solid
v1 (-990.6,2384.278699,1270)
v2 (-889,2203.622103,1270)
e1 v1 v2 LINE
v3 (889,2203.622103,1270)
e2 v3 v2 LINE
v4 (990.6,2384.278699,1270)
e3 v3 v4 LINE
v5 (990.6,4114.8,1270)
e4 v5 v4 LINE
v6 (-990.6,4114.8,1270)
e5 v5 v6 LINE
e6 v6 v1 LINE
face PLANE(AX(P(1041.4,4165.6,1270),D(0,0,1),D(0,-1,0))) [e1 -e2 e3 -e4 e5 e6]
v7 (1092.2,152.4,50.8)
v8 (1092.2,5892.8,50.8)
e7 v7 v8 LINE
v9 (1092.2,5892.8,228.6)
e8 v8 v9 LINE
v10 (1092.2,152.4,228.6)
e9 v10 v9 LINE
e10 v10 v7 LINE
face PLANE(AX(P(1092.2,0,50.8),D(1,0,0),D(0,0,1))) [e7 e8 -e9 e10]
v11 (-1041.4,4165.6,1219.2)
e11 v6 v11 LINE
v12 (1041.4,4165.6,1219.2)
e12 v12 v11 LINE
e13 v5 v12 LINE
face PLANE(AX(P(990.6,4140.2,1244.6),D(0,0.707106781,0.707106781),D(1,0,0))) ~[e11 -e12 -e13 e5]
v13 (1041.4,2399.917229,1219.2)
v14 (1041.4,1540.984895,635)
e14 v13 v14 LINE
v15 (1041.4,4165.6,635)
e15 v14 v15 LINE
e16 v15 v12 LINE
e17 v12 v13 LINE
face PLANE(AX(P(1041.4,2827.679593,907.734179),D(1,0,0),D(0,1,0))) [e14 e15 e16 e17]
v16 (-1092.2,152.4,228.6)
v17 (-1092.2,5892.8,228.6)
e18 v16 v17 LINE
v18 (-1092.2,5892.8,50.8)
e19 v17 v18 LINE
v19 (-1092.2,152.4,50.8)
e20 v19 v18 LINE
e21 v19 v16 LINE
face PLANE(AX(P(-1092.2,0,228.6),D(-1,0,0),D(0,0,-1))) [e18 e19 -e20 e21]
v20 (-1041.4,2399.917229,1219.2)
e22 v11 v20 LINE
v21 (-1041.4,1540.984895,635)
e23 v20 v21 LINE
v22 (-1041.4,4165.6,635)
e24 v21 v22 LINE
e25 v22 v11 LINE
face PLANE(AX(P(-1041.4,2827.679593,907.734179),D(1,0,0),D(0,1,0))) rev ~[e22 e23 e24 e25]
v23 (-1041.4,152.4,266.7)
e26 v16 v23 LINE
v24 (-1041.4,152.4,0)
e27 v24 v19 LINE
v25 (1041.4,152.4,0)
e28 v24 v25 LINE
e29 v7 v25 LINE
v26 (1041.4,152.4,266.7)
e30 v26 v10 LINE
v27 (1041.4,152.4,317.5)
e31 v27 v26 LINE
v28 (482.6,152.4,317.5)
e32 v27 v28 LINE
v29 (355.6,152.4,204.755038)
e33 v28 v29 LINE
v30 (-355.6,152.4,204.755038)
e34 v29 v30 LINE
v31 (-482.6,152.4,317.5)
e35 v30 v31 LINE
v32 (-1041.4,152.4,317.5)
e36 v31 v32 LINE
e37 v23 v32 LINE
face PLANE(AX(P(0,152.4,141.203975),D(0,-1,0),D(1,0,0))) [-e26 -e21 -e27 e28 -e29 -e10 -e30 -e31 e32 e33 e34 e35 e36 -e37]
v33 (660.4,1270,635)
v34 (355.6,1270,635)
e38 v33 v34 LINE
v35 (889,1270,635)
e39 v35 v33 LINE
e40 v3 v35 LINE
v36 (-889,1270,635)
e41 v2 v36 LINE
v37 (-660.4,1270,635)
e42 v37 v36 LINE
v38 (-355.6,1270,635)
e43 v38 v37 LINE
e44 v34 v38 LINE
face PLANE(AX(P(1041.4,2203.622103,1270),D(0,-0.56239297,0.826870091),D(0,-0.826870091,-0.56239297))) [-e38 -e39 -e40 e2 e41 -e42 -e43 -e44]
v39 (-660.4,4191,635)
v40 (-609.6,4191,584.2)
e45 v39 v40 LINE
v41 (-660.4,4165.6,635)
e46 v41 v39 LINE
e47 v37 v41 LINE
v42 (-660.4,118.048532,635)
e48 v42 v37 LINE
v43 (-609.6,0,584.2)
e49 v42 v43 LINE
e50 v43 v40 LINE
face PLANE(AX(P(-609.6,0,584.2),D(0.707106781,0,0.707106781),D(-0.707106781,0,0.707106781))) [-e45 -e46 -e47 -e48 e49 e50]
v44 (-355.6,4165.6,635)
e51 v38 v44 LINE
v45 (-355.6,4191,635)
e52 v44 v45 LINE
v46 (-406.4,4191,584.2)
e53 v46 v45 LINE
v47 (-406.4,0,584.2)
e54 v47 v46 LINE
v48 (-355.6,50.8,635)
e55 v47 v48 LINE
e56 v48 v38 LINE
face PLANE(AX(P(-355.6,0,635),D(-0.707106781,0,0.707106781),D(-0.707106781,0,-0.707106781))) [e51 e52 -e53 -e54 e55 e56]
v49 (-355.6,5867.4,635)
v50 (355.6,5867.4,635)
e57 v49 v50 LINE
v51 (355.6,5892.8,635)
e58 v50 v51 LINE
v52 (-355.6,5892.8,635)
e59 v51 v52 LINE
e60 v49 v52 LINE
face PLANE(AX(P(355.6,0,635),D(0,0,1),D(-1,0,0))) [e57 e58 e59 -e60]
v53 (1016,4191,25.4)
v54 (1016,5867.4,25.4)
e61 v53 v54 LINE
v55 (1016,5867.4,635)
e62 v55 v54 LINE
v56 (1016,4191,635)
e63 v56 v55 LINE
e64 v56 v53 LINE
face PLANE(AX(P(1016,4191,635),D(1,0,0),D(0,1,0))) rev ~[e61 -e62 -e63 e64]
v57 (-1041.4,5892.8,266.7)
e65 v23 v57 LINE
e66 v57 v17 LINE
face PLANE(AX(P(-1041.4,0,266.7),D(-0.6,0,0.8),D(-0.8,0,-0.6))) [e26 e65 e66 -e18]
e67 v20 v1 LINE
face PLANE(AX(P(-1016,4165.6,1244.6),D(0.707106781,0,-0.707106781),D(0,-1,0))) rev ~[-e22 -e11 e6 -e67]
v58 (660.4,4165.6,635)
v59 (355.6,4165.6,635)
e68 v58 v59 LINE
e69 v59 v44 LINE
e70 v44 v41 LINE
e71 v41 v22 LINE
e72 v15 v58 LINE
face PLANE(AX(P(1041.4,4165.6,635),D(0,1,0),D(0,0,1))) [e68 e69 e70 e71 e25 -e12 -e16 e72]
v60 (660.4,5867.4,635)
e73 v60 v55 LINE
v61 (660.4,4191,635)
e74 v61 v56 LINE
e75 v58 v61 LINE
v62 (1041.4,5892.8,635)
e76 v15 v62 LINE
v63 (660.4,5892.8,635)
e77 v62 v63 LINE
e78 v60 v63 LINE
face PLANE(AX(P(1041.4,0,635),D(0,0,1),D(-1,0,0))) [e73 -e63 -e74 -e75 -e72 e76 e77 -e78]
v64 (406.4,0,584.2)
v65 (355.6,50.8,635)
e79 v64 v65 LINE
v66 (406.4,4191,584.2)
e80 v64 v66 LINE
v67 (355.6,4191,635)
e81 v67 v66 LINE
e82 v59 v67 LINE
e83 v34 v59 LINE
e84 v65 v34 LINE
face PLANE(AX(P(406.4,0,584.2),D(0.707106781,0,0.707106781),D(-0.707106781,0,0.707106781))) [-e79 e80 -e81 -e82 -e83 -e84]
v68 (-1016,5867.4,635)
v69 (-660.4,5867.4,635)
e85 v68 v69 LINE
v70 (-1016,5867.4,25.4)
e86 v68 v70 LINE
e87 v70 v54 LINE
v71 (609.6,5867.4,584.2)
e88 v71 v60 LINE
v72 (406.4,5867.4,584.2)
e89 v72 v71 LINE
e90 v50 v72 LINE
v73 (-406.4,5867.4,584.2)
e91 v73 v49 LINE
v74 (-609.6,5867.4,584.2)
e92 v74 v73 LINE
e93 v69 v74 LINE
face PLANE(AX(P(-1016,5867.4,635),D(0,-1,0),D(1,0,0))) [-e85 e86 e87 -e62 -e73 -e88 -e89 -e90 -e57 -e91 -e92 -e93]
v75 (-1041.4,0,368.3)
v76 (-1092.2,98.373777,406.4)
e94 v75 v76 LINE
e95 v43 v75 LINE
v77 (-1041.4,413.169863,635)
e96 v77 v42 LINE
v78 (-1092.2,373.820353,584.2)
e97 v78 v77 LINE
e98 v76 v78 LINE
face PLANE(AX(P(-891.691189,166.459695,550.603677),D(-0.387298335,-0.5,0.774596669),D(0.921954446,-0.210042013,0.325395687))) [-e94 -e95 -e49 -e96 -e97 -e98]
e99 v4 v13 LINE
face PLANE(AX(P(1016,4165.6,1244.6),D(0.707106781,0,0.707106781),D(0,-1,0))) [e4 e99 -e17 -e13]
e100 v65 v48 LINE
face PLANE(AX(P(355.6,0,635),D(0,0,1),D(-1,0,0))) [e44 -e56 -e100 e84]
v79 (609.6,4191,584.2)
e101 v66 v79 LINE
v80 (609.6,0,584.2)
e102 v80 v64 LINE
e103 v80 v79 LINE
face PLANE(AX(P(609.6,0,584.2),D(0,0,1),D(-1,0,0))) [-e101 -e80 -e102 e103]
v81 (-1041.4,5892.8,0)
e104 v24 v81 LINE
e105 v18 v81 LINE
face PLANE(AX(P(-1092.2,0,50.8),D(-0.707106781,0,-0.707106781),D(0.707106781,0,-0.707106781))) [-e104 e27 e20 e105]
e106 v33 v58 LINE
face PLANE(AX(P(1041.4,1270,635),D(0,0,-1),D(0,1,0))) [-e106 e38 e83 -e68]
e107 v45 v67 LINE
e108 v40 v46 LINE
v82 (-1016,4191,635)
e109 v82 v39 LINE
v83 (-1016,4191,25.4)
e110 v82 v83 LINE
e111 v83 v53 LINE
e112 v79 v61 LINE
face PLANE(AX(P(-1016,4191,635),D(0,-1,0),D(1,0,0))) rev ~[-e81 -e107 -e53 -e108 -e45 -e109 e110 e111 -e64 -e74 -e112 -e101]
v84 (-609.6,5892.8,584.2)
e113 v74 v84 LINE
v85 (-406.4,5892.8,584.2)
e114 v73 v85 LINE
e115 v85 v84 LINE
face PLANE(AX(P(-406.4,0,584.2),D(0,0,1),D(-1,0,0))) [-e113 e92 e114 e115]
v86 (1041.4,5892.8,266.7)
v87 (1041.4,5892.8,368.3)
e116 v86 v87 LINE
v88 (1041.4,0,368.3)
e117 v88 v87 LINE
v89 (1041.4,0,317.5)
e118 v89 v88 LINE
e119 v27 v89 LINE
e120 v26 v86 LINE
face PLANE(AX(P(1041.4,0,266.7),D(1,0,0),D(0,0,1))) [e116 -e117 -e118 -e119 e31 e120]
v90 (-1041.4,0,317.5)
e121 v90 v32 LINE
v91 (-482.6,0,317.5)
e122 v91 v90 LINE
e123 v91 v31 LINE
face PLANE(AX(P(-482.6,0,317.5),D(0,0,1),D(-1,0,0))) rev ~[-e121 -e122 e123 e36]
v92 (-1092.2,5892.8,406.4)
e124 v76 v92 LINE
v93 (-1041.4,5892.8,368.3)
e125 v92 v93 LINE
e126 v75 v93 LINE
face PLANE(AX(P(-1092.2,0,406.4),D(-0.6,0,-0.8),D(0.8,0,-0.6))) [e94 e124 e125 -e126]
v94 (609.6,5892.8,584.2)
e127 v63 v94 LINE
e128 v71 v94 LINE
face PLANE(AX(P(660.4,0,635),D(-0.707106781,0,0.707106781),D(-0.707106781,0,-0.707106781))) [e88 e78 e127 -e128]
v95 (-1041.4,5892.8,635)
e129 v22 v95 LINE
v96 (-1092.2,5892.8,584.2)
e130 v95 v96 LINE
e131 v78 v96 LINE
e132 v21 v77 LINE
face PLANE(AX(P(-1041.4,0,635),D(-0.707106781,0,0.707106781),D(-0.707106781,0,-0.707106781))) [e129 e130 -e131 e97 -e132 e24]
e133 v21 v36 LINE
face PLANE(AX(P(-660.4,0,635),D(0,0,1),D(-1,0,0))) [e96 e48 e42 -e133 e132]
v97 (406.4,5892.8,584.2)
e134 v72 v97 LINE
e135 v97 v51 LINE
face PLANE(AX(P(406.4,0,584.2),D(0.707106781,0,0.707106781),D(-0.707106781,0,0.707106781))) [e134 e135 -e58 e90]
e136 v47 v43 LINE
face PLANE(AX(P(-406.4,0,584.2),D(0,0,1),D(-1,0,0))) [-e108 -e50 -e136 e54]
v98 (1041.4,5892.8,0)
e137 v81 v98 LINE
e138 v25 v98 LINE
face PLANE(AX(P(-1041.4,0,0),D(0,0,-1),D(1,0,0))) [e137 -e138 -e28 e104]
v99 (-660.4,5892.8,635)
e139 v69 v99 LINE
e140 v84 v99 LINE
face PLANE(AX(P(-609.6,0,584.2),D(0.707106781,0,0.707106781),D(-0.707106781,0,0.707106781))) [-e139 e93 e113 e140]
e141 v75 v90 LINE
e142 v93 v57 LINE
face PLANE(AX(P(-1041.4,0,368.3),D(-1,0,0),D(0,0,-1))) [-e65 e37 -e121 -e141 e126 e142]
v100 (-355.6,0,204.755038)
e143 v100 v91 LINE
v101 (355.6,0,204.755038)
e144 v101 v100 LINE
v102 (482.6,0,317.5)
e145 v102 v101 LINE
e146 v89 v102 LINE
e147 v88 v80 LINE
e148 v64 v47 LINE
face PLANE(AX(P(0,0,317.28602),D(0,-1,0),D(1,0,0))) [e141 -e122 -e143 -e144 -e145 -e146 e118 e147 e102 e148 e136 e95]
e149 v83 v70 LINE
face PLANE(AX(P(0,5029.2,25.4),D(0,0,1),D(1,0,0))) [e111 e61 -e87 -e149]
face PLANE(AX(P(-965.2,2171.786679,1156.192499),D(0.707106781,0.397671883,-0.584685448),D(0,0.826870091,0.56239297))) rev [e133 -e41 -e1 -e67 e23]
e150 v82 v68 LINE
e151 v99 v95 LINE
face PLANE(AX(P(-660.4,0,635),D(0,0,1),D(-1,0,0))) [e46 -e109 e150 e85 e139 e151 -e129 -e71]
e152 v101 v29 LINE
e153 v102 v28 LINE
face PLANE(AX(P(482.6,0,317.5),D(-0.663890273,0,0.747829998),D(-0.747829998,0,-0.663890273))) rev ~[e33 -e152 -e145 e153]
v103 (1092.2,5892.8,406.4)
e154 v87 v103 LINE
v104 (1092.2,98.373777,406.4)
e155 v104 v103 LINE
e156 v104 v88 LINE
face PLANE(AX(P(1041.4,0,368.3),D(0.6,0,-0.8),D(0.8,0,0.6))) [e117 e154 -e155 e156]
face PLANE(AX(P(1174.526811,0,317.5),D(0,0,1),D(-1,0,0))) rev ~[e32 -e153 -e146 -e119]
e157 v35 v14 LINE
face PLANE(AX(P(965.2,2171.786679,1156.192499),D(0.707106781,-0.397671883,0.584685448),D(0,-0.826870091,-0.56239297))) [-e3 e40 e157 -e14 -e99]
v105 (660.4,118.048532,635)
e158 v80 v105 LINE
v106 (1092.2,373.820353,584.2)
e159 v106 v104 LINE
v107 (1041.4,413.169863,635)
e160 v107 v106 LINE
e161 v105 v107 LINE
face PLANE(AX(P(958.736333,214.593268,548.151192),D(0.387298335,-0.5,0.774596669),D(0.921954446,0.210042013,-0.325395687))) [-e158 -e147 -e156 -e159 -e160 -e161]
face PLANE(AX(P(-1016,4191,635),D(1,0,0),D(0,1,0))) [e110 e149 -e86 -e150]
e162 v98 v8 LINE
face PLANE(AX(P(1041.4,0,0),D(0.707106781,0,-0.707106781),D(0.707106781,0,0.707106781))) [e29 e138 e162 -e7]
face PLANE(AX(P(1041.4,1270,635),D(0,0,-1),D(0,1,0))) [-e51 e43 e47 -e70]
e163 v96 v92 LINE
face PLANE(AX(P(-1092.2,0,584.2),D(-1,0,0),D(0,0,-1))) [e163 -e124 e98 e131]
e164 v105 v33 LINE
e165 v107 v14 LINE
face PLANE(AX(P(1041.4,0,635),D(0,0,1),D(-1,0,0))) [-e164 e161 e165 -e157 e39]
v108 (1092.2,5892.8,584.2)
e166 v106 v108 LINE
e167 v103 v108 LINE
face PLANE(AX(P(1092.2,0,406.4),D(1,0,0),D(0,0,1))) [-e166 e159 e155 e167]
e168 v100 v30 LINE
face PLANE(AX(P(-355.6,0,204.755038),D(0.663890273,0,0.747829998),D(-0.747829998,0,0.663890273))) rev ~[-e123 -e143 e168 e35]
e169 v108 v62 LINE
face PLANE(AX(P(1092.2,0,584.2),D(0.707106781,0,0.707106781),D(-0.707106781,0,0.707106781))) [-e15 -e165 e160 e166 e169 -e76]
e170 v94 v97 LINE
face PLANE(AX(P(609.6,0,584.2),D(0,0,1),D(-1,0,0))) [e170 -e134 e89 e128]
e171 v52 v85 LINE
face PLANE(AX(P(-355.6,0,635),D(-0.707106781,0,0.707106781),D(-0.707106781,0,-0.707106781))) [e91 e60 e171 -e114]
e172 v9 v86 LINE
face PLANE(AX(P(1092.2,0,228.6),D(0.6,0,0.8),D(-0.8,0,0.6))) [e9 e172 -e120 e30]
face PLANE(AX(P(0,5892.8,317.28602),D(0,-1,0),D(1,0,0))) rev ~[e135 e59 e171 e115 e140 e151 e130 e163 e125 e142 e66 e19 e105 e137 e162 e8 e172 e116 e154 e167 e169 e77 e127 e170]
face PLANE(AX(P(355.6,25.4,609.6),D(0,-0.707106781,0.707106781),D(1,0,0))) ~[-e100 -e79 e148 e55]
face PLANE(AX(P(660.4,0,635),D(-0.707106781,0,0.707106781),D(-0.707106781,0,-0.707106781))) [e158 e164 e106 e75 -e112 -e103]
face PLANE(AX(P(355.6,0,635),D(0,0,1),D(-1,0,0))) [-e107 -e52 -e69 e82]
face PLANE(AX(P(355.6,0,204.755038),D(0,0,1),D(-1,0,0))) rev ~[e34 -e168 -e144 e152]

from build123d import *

# Parameters (mm, degrees)
F1_DEPTH  = 5892.8
F4_W      = 1237.3383492231
F4_H      = 606.1354875565
F5_DEPTH  = 254
F6_SIZE   = 50.8
F7_SIZE   = 50.8
F10_W     = 796.8522012234
F10_H     = 674.4315624237
F11_DEPTH = 254
F12_SIZE  = 50.8
F13_W     = 2032
F13_H     = 1676.4
F14_DEPTH = 609.6
F17_DEPTH = 152.4
F19_DEPTH = 2082.8
F20_SIZE  = 50.8
F21_SIZE  = 50.8
F22_SIZE  = 50.8
F23_SIZE  = 152.4
F24_SIZE  = 152.4


with BuildPart() as f1:
    # F0 (on Front) → F1 (new body)
    with BuildSketch(Plane.XZ):
        Polygon((-1092.2, 50.8), (-1041.4, 0), (1041.4, 0), (1092.2, 50.8), (1092.2, 228.6), (1041.4, 266.7), (1041.4, 368.3), (1092.2, 406.4), (1092.2, 584.2), (1041.4, 635), (660.4, 635), (609.6, 584.2), (406.4, 584.2), (355.6, 635), (-355.6, 635), (-406.4, 584.2), (-609.6, 584.2), (-660.4, 635), (-1041.4, 635), (-1092.2, 584.2), (-1092.2, 406.4), (-1041.4, 368.3), (-1041.4, 266.7), (-1092.2, 228.6), align=None)
    extrude(amount=-F1_DEPTH)

    # F4 (on line) → F5 (cut)
    with BuildSketch(Plane(origin=(266.7, -344.3082194778, 533.4), x_dir=(0.9219544457, 0.2100420126, -0.3253956867), z_dir=(0.3872983346, -0.5, 0.7745966692))):
        with Locations((750.6187930703, 477.5711297989)):
            Rectangle(F4_W, F4_H)
    extrude(amount=F5_DEPTH, mode=Mode.SUBTRACT)

    # F6
    f6_edges = [f1.edges().sort_by_distance(p)[0] for p in [
        (0, 0, 635),
    ]]
    chamfer(f6_edges, length=F6_SIZE)

    # F7
    f7_edges = [f1.edges().sort_by_distance(p)[0] for p in [
        (1092.2, 0, 139.7),
    ]]
    chamfer(f7_edges, length=F7_SIZE)

    # F10 (on line) → F11 (cut)
    with BuildSketch(Plane(origin=(-266.7, -344.3082194778, 533.4), x_dir=(0.9219544457, -0.2100420126, 0.3253956867), z_dir=(-0.3872983346, -0.5, 0.7745966692))):
        with Locations((-677.8981238604, 438.4608864784)):
            Rectangle(F10_W, F10_H)
    extrude(amount=F11_DEPTH, mode=Mode.SUBTRACT)

    # F12
    f12_edges = [f1.edges().sort_by_distance(p)[0] for p in [
        (-1092.2, 0, 139.7),
    ]]
    chamfer(f12_edges, length=F12_SIZE)

    # F13 (on face) → F14 (cut)
    with BuildSketch(Plane.XY.offset(635)):
        with Locations((0, 5029.2)):
            Rectangle(F13_W, F13_H)
    extrude(amount=-F14_DEPTH, mode=Mode.SUBTRACT)

    # F16 (on face) → F17 (cut)
    with BuildSketch(Plane.XZ):
        Polygon((-482.6, 317.5), (-1041.4, 317.5), (-1041.4, 266.7), (-1041.4, 0), (1041.4, 0), (1041.4, 266.7), (1041.4, 317.5), (482.6, 317.5), (355.6, 204.755038023), (-355.6, 204.755038023), align=None)
        Polygon((-1041.4, 266.7), (-1041.4, 317.5), (-1182.5258731842, 317.5), (-1182.5258731842, 0), (-1041.4, 0), align=None)
        Polygon((1041.4, 266.7), (1041.4, 0), (1174.5268106461, 0), (1174.5268106461, 317.5), (1041.4, 317.5), align=None)
    extrude(amount=-F17_DEPTH, mode=Mode.SUBTRACT)

    # F18 (on offset) → F19 (join)
    with BuildSketch(Plane.YZ.offset(1041.4)):
        Polygon((2203.6221027374, 1270), (1270, 635), (4165.6, 635), (4165.6, 1270), align=None)
    extrude(amount=-F19_DEPTH)

    # F20
    f20_edges = [f1.edges().sort_by_distance(p)[0] for p in [
        (1041.4, 3184.611051, 1270),
    ]]
    chamfer(f20_edges, length=F20_SIZE)

    # F21
    f21_edges = [f1.edges().sort_by_distance(p)[0] for p in [
        (-1041.4, 3184.611051, 1270),
    ]]
    chamfer(f21_edges, length=F21_SIZE)

    # F22
    f22_edges = [f1.edges().sort_by_distance(p)[0] for p in [
        (0, 4165.6, 1270),
    ]]
    chamfer(f22_edges, length=F22_SIZE)

    # F23
    f23_edges = [f1.edges().sort_by_distance(p)[0] for p in [
        (1041.4, 1699.466167, 927.1),
    ]]
    chamfer(f23_edges, length=F23_SIZE)

    # F24
    f24_edges = [f1.edges().sort_by_distance(p)[0] for p in [
        (-1041.4, 1699.466167, 927.1),
    ]]
    chamfer(f24_edges, length=F24_SIZE)


solid = f1.part
